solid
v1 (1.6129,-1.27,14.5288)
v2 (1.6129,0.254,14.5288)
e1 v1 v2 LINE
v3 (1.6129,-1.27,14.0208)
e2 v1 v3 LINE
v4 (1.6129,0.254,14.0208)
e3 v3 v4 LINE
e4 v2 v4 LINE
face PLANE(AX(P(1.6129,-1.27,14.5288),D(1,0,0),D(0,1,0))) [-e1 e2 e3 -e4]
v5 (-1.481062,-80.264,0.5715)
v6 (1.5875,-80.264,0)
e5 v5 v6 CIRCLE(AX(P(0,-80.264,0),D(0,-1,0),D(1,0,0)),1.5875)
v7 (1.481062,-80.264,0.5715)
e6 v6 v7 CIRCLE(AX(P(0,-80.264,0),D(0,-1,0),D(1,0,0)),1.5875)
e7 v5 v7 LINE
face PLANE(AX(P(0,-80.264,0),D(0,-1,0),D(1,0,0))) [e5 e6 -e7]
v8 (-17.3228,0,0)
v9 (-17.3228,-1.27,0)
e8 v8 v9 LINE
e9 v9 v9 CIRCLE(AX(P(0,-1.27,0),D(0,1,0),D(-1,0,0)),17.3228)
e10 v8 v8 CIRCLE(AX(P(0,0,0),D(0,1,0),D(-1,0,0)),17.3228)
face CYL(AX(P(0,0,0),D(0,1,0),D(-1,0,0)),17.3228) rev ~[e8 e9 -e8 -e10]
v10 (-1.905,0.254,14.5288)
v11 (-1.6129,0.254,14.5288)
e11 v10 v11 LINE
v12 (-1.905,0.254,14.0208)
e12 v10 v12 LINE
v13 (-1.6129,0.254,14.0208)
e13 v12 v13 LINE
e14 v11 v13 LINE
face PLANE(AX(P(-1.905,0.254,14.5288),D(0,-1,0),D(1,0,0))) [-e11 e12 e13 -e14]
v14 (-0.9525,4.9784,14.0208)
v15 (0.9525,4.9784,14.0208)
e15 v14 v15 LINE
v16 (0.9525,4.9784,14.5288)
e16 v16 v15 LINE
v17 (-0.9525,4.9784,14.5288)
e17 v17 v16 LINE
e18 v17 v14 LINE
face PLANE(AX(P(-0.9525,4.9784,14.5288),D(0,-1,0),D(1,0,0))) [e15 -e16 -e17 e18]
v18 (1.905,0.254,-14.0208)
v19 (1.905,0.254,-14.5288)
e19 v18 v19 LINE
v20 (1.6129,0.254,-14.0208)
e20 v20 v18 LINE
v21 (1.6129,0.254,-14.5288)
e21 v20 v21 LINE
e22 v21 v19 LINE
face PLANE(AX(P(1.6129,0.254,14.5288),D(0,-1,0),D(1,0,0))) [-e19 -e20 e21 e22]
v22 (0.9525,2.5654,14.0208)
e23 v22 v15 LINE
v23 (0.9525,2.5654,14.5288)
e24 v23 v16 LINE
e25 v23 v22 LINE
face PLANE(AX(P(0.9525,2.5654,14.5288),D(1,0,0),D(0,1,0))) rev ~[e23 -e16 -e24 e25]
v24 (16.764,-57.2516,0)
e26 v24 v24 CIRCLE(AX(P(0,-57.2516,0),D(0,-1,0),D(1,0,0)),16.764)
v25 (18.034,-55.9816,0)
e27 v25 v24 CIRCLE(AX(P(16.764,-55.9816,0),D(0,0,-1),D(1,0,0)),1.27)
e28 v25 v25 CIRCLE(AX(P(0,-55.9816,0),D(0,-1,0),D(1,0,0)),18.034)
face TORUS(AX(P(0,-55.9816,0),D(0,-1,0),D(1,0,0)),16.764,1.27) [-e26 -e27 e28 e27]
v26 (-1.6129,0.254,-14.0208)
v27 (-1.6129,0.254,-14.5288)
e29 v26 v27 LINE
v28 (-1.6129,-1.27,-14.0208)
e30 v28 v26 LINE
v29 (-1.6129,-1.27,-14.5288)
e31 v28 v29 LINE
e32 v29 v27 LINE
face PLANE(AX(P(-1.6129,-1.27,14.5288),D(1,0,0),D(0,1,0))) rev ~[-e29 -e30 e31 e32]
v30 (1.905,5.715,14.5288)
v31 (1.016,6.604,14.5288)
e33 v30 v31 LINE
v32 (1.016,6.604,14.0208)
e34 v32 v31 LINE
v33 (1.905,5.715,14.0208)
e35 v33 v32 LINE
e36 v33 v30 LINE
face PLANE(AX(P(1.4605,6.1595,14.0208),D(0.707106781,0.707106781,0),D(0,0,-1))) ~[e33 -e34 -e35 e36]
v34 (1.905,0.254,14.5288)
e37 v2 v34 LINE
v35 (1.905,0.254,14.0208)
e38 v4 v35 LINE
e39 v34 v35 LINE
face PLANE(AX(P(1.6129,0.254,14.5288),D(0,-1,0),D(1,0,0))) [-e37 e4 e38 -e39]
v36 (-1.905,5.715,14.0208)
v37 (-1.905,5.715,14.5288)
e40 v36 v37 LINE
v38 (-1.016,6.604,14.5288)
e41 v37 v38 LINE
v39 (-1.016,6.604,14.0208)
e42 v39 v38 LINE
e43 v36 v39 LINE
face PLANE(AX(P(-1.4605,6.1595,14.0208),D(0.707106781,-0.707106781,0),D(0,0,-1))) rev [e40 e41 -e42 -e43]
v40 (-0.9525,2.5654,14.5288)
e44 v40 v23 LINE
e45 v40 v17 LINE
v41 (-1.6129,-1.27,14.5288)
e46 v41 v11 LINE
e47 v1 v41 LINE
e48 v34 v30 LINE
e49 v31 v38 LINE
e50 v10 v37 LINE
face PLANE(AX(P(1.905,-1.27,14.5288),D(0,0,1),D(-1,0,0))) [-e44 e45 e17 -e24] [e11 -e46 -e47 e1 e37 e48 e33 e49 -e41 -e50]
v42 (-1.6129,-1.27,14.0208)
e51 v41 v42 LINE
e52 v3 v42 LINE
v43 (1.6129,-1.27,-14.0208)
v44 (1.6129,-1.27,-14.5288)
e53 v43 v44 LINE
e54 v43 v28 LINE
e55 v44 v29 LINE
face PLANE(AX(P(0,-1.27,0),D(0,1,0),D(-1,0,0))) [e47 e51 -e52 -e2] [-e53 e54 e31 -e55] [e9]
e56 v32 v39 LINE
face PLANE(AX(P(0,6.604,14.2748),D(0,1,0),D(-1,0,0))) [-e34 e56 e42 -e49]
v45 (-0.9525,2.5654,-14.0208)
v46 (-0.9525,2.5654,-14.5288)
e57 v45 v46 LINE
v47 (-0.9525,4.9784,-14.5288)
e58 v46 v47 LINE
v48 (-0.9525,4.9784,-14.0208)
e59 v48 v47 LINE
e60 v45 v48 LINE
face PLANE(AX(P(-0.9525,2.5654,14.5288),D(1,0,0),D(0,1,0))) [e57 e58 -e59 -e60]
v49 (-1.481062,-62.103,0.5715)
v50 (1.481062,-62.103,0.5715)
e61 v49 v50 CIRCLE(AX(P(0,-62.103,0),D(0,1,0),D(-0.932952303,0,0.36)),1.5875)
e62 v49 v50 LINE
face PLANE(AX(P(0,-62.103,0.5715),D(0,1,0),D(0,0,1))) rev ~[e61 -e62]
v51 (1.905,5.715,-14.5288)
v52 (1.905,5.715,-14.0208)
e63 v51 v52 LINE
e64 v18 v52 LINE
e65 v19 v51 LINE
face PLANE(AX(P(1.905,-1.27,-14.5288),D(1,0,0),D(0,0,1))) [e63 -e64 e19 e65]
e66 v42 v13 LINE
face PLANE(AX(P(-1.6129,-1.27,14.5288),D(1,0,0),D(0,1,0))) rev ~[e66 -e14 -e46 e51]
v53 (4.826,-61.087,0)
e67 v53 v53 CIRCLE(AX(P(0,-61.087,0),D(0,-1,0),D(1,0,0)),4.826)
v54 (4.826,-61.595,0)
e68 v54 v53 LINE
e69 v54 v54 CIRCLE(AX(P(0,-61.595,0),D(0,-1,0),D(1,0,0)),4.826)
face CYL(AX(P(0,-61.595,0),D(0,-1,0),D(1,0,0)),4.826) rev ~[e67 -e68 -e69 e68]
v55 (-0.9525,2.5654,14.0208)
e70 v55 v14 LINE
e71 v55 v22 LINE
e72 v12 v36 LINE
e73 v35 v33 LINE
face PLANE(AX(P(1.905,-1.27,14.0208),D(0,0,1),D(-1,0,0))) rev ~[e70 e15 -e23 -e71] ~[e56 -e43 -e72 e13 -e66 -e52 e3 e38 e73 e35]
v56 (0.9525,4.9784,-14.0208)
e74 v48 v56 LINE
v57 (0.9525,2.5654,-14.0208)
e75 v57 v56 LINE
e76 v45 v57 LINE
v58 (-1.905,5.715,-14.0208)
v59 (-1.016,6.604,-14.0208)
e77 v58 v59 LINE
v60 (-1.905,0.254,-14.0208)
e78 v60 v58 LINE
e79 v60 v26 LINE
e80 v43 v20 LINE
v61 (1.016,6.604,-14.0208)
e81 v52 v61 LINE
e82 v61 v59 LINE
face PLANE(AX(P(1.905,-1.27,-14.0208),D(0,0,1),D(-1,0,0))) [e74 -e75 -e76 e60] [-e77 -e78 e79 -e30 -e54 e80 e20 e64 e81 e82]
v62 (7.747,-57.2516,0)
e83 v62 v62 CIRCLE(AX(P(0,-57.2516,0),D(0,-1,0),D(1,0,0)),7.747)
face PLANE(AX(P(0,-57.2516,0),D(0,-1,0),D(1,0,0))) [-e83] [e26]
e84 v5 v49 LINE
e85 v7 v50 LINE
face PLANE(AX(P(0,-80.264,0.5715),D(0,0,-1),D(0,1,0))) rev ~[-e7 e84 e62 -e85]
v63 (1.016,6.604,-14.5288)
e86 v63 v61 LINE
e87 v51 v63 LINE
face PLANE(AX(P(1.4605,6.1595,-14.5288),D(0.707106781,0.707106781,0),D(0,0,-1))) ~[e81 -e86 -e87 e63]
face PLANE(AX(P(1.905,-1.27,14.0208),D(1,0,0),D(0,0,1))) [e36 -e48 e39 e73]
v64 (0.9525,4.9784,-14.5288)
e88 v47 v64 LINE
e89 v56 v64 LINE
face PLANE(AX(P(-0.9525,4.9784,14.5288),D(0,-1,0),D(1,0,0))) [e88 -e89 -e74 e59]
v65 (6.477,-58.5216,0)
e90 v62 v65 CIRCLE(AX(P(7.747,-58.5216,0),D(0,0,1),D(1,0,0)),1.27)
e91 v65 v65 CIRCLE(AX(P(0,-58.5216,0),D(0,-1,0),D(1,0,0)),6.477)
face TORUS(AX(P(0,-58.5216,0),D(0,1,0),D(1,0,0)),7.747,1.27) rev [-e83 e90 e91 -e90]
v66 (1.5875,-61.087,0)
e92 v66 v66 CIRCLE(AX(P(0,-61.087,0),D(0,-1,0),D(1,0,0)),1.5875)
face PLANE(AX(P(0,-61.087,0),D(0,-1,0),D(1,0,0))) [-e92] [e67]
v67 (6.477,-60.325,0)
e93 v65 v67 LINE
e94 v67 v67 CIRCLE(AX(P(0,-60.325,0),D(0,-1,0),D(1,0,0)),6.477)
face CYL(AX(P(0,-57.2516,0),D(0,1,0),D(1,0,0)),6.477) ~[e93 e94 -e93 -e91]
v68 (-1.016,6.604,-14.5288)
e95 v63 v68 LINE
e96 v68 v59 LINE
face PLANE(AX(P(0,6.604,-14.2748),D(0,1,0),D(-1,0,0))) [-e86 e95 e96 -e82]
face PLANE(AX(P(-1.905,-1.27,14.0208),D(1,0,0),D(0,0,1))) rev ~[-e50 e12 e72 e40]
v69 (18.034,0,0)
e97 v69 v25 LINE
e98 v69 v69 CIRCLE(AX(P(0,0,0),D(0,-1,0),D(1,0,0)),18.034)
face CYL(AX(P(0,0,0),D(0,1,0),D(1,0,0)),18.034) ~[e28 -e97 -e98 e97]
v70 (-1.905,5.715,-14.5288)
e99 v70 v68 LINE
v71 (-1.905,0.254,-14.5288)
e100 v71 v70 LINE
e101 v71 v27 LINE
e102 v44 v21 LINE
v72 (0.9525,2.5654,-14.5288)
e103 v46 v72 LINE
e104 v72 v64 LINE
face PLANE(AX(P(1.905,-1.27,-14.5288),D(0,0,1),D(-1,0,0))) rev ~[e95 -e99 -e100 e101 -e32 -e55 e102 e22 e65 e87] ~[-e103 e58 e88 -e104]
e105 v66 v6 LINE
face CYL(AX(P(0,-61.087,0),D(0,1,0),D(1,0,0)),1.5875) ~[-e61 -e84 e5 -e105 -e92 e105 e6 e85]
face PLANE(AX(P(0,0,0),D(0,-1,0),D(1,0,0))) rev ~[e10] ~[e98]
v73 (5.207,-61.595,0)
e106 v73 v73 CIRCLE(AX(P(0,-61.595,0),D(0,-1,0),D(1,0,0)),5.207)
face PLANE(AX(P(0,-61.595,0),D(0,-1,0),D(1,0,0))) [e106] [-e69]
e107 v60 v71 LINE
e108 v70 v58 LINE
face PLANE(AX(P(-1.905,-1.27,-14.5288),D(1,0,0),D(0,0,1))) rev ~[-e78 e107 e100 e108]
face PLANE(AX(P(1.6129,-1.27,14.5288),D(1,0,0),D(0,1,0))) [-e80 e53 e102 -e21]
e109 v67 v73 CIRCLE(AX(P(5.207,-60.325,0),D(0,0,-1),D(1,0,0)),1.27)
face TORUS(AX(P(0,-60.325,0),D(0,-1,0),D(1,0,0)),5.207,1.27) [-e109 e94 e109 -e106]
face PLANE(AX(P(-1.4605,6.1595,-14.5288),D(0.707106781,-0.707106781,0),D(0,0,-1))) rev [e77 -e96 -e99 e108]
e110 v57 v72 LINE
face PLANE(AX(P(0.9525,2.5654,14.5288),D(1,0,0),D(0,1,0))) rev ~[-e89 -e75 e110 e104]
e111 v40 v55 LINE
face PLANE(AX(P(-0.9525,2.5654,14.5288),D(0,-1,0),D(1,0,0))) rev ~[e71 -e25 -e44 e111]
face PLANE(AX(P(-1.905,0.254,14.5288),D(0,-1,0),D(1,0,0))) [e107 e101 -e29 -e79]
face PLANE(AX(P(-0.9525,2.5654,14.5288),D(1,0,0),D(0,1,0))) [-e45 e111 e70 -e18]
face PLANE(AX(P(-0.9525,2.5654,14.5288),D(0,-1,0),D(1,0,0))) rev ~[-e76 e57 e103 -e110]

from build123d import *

# Parameters (mm, degrees)
F0_R      = 18.034
F1_DEPTH  = 57.2516
F2_R      = 6.477
F3_DEPTH  = 4.3434
F4_R      = 1.27
F5_R      = 4.826
F6_DEPTH  = 0.508
F7_R      = 1.5875
F8_DEPTH  = 19.177
F9_W      = 18.161
F9_H      = 1.016
F10_DEPTH = 3.175
F11_R     = 17.3228
F12_DEPTH = 1.27
F13_W     = 3.81
F13_H     = 0.508
F14_DEPTH = 7.874
F16_SIZE  = 0.889
F17_R     = 1.27
F18_W     = 0.2921
F18_H     = 1.524
F18_W_2   = 1.905
F18_H_2   = 2.413
F19_DEPTH = 29.0957


with BuildPart() as f1:
    # F0 (on Front) → F1 (new body)
    with BuildSketch(Plane.XZ):
        Circle(F0_R)
    extrude(amount=F1_DEPTH)

    # F2 (on face) → F3 (join)
    with BuildSketch(Plane.XZ.offset(57.2516)):
        Circle(F2_R)
    extrude(amount=F3_DEPTH)

    # F4
    f4_edges = [f1.edges().sort_by_distance(p)[0] for p in [
        (-6.477, -57.2516, 0),
        (-6.477, -61.595, 0),
    ]]
    fillet(f4_edges, radius=F4_R)

    # F5 (on face) → F6 (cut)
    with BuildSketch(Plane.XZ.offset(61.595)):
        Circle(F5_R)
    extrude(amount=-F6_DEPTH, mode=Mode.SUBTRACT)

    # F7 (on face) → F8 (join)
    with BuildSketch(Plane.XZ.offset(61.087)):
        Circle(F7_R)
    extrude(amount=F8_DEPTH)

    # F9 (on Right) → F10 (cut, symmetric)
    with BuildSketch(Plane.YZ):
        with Locations((-71.1835, 1.0795)):
            Rectangle(F9_W, F9_H)
    extrude(amount=F10_DEPTH, both=True, mode=Mode.SUBTRACT)

    # F11 (on face) → F12 (cut)
    with BuildSketch(Plane(origin=(0, 0, 0), x_dir=(-1, 0, 0), z_dir=(0, 1, 0))):
        Circle(F11_R)
    extrude(amount=-F12_DEPTH, mode=Mode.SUBTRACT)

    # F13 (on face) → F14 (join)
    with BuildSketch(Plane(origin=(0, -1.27, 0), x_dir=(-1, 0, 0), z_dir=(0, 1, 0))):
        with Locations((0, 14.2748)):
            Rectangle(F13_W, F13_H)
        with Locations((0, -14.2748)):
            Rectangle(F13_W, F13_H)
    extrude(amount=F14_DEPTH)

    # F16
    f16_edges = [f1.edges().sort_by_distance(p)[0] for p in [
        (-1.905, 6.604, 14.2748),
        (1.905, 6.604, 14.2748),
        (-1.905, 6.604, -14.2748),
        (1.905, 6.604, -14.2748),
    ]]
    chamfer(f16_edges, length=F16_SIZE)

    # F17
    f17_edges = [f1.edges().sort_by_distance(p)[0] for p in [
        (-18.034, -57.2516, 0),
    ]]
    fillet(f17_edges, radius=F17_R)

    # F18 (on face) → F19 (cut)
    with BuildSketch(Plane.XY.offset(14.5288)):
        with Locations((-1.75895, -0.508)):
            Rectangle(F18_W, F18_H)
        with Locations((1.75895, -0.508)):
            Rectangle(F18_W, F18_H)
        with Locations((0, 3.7719)):
            Rectangle(F18_W_2, F18_H_2)
    extrude(amount=-F19_DEPTH, mode=Mode.SUBTRACT)


solid = f1.part
